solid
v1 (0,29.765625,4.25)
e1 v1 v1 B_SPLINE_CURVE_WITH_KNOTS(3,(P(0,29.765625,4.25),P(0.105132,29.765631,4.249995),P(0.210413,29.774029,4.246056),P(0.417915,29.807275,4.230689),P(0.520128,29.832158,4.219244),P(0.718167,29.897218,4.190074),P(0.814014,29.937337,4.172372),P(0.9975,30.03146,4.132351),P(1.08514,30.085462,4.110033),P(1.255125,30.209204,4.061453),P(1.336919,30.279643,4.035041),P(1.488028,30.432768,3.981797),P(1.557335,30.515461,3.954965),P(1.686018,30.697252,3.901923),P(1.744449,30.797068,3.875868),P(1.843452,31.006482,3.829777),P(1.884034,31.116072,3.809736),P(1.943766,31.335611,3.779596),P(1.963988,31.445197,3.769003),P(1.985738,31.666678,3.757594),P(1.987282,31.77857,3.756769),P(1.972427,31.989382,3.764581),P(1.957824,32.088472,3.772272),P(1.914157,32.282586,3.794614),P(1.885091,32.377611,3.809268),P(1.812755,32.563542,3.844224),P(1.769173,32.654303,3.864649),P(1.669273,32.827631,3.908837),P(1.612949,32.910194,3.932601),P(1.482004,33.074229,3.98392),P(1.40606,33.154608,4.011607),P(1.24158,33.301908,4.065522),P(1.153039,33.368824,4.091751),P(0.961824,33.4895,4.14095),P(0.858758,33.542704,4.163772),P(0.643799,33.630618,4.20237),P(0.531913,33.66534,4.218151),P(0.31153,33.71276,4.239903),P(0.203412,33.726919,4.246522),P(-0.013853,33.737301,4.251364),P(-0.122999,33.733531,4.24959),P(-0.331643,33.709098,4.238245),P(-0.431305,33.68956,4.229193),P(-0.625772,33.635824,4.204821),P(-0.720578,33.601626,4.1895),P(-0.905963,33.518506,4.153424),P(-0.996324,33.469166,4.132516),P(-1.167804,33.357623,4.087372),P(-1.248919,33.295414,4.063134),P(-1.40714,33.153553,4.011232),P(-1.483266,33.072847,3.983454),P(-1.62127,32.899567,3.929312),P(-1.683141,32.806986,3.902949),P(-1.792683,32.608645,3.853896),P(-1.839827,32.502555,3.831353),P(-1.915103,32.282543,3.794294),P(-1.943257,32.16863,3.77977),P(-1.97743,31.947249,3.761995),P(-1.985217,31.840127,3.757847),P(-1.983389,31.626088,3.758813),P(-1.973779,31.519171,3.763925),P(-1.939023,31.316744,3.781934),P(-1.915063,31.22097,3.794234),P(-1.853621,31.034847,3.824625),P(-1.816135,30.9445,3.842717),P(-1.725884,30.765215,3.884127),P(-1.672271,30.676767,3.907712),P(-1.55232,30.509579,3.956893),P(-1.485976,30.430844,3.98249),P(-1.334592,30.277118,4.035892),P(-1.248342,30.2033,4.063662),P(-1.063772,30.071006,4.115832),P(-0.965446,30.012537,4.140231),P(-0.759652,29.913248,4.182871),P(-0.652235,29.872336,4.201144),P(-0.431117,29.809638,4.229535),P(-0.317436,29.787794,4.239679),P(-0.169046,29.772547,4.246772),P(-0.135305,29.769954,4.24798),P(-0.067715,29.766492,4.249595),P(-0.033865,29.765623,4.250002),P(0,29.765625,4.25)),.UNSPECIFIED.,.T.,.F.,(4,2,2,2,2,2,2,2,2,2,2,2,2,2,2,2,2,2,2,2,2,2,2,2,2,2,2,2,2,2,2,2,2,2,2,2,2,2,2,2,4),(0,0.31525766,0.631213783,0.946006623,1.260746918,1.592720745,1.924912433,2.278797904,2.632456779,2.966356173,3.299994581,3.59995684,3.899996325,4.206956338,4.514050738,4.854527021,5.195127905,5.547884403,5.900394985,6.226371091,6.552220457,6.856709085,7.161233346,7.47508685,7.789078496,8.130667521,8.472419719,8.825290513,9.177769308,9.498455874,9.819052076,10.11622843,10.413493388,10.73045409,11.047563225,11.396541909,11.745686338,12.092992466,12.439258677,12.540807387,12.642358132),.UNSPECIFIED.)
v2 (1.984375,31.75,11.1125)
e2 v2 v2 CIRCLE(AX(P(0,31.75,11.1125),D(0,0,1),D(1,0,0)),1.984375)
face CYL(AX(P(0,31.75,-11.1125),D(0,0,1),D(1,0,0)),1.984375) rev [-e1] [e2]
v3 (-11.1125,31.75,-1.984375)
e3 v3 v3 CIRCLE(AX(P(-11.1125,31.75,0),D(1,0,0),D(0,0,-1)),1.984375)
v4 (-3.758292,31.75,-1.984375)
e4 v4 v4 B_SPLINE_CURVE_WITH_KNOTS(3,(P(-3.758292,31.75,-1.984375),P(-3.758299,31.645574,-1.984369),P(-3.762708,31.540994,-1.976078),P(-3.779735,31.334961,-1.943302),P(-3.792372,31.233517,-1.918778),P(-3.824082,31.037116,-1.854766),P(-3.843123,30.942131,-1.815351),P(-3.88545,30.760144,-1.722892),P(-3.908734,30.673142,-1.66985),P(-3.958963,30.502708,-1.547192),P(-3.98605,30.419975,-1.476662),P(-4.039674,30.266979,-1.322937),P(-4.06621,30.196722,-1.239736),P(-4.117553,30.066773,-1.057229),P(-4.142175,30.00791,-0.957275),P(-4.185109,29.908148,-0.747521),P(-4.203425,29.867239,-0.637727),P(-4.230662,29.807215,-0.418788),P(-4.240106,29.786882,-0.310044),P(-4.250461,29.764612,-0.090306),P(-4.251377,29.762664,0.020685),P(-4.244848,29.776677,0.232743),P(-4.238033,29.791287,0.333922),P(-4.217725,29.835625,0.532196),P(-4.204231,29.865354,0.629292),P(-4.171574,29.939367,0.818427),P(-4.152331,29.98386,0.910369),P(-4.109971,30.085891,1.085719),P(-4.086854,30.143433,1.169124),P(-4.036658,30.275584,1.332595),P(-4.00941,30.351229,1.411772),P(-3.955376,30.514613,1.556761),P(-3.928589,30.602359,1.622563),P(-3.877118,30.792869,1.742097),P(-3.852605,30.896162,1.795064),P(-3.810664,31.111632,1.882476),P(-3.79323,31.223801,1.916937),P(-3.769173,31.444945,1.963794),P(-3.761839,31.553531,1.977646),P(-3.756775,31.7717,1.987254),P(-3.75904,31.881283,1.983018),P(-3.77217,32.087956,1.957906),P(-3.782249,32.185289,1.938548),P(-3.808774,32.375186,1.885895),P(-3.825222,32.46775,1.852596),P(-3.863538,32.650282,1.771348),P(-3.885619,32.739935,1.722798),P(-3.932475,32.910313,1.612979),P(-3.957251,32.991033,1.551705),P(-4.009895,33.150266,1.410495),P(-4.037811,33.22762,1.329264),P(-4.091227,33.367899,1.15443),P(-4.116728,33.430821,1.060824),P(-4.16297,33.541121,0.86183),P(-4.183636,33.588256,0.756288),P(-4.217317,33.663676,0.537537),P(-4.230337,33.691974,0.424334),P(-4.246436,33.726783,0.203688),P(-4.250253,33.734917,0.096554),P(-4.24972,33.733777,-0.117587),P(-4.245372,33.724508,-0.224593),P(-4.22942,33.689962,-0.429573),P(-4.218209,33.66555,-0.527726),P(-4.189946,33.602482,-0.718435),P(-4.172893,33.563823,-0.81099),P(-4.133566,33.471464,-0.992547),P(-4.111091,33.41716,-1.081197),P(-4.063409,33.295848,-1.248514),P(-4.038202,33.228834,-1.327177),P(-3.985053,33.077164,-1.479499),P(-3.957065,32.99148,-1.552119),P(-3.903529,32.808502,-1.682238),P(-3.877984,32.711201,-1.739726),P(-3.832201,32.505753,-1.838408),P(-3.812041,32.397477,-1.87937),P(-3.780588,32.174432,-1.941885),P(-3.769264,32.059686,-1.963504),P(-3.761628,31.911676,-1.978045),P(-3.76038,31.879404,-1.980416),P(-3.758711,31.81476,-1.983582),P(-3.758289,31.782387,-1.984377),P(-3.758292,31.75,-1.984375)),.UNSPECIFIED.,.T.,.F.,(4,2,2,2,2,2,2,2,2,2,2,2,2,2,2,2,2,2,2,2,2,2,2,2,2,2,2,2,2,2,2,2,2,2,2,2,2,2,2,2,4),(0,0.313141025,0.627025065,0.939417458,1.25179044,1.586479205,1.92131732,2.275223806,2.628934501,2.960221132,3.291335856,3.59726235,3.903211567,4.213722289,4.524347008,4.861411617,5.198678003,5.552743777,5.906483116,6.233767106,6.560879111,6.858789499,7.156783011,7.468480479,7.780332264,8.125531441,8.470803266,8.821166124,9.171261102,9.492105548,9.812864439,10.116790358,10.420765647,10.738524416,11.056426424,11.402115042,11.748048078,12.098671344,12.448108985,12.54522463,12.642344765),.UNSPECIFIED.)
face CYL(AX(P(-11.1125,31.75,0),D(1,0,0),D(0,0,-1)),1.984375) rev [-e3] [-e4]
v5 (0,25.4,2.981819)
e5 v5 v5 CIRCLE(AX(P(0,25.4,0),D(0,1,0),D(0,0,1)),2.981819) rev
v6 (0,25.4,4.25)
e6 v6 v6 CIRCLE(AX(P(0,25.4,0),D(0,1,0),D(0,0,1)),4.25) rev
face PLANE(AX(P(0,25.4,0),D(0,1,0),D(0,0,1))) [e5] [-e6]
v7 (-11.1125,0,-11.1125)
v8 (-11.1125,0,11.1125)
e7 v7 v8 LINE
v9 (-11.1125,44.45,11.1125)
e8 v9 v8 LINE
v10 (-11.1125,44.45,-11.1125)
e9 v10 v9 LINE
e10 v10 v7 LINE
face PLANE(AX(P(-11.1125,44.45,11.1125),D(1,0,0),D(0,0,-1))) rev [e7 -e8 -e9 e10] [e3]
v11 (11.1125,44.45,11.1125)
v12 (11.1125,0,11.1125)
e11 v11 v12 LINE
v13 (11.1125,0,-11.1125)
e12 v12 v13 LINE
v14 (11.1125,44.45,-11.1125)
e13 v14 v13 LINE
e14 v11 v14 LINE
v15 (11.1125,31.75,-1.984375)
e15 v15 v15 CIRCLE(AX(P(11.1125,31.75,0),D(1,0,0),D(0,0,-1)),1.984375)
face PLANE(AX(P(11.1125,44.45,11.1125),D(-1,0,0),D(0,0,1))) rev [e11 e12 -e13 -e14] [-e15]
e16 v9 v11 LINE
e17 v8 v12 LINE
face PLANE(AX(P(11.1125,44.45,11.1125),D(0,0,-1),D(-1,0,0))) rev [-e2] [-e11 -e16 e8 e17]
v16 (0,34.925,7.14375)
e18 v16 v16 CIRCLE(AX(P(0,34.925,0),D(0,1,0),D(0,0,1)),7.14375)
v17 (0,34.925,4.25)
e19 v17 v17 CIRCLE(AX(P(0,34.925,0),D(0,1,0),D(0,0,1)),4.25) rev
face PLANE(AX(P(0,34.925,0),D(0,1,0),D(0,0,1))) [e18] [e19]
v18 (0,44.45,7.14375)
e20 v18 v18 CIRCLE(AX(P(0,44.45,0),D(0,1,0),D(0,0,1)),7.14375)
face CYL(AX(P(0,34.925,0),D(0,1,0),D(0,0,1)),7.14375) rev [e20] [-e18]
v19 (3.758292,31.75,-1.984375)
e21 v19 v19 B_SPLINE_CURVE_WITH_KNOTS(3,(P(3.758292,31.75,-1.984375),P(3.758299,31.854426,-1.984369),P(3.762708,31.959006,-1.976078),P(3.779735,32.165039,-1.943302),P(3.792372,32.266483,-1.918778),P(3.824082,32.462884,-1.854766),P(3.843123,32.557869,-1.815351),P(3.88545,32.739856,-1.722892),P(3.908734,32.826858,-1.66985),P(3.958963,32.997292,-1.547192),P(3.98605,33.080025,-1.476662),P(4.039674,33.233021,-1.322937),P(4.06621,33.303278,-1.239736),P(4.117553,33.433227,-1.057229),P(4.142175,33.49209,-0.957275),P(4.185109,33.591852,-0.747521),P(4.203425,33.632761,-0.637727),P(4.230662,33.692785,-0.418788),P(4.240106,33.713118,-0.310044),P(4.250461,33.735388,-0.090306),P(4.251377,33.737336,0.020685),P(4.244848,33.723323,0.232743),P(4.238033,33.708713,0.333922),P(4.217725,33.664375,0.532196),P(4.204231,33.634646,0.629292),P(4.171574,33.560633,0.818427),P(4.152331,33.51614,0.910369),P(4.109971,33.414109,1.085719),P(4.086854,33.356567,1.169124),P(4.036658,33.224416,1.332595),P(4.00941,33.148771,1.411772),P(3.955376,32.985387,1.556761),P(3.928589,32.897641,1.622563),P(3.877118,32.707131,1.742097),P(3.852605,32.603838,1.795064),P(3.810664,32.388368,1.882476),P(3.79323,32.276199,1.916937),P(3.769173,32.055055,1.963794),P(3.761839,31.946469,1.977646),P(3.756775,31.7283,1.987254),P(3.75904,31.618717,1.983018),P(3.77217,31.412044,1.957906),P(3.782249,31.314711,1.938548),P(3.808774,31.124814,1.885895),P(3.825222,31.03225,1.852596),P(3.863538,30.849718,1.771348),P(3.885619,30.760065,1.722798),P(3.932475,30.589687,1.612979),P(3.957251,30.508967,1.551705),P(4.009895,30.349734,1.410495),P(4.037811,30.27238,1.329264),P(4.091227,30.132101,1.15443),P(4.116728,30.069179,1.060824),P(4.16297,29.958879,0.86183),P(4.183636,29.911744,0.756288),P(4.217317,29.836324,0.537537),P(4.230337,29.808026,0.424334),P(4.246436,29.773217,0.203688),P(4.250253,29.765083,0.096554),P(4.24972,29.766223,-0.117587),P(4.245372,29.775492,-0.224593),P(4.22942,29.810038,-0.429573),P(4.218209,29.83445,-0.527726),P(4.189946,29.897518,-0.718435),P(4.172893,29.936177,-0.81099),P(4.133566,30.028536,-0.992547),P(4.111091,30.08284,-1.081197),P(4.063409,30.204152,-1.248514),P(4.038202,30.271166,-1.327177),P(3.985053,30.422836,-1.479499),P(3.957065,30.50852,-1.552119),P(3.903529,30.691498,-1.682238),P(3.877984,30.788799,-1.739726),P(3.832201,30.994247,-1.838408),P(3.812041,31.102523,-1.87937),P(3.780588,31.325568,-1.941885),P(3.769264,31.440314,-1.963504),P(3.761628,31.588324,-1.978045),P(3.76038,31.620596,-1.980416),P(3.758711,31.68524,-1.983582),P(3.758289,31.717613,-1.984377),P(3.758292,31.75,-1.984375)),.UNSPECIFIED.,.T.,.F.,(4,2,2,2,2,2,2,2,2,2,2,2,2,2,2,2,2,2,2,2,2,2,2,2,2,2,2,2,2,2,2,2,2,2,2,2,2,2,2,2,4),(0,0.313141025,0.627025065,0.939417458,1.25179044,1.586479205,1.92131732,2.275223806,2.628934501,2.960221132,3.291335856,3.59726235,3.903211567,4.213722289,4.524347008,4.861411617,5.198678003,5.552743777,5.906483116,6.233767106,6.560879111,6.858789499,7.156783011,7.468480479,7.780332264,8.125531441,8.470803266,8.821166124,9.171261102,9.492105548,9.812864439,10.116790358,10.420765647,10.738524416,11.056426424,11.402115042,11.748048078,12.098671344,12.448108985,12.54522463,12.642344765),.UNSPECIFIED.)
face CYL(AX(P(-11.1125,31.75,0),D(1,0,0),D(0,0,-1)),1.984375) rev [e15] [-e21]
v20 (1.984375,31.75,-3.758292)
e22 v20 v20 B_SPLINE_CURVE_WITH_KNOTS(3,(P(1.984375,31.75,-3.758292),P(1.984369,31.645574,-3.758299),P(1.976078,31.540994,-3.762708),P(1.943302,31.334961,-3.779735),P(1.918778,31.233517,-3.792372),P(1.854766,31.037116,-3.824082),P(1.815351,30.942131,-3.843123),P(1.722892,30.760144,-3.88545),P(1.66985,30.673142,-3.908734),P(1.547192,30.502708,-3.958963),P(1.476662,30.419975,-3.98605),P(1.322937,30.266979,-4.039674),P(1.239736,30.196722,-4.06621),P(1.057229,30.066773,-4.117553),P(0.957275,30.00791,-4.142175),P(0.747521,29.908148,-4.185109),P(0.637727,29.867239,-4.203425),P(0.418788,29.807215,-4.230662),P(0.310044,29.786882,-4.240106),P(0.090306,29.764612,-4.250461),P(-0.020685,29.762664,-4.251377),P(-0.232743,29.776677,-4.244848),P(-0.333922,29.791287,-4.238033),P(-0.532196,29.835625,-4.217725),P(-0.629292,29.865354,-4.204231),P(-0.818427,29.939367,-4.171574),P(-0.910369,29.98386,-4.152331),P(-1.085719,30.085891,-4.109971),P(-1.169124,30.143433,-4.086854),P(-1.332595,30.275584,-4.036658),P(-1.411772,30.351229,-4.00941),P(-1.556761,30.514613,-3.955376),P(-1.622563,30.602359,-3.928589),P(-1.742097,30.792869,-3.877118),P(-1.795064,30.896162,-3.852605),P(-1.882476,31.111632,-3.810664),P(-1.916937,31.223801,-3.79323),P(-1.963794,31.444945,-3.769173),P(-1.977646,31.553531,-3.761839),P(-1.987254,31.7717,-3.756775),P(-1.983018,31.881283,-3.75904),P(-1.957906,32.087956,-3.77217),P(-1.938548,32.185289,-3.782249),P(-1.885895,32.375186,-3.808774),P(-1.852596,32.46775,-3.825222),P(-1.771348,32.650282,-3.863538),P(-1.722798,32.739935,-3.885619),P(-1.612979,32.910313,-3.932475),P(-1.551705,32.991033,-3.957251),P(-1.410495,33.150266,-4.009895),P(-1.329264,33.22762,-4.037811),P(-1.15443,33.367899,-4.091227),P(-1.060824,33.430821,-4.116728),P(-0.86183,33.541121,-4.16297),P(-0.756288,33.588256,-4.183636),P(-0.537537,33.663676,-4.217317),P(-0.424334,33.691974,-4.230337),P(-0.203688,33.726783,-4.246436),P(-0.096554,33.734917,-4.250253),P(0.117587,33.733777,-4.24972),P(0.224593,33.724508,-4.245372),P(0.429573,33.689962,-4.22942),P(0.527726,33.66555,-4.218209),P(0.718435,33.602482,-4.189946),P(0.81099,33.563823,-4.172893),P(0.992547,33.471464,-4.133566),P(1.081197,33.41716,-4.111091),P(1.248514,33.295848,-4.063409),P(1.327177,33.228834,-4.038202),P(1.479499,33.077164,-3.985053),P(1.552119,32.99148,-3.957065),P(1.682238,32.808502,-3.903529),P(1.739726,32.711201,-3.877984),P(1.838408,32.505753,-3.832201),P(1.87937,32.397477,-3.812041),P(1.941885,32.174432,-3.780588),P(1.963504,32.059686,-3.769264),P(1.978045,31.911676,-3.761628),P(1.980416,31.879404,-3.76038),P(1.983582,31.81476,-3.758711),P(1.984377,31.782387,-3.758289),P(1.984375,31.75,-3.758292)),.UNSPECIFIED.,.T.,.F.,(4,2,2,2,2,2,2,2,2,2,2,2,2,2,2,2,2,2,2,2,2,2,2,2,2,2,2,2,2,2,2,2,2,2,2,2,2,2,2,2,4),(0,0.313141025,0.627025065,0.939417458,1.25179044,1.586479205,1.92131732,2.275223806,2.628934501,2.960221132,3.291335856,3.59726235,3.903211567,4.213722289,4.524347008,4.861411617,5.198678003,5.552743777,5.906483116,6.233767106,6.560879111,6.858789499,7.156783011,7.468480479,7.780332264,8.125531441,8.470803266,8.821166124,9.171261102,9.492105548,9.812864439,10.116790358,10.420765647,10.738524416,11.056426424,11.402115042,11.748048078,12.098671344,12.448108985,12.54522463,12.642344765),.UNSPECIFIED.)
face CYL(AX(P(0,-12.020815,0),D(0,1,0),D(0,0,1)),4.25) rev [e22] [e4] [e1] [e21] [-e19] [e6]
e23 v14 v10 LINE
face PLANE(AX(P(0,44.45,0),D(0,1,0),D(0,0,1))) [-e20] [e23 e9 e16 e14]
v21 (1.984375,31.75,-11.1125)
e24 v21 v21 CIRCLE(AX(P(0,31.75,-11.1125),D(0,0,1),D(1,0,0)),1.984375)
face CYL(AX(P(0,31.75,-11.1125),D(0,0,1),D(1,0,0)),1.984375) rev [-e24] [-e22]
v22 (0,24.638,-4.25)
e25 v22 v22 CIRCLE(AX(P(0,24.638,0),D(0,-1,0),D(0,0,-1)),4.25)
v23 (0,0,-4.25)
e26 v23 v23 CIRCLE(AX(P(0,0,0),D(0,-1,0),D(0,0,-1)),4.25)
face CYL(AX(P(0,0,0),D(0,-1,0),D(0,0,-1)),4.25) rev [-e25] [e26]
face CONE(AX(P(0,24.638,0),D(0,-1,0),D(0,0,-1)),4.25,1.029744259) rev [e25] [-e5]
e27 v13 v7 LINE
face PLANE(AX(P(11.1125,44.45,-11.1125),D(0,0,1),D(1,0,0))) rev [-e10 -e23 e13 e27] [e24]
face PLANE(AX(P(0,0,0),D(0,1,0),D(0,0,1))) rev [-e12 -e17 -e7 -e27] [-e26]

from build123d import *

# Parameters (mm, degrees)
SKETCH1_W                  = 22.225
SKETCH1_H                  = 22.225
BOSS_EXTRUDE1_DEPTH        = 44.45
M10X1_5_TAPPED_HOLE1_D     = 8.5
M10X1_5_TAPPED_HOLE1_DEPTH = 24.638
M10X1_5_TAPPED_HOLE1_TIP   = 2.553657631
SKETCH9_R                  = 4.25
CUT_EXTRUDE1_DEPTH         = 19.05
SKETCH10_R                 = 7.14375
CUT_EXTRUDE2_DEPTH         = 9.525
SKETCH11_R                 = 1.984375
CUT_EXTRUDE3_DEPTH         = 23.225
SKETCH12_R                 = 1.984375
CUT_EXTRUDE4_DEPTH         = 23.225


with BuildPart() as part:
    # Sketch1 → Boss-Extrude1 (new body)
    with BuildSketch(Plane(origin=(0, 0, 0), x_dir=(1, 0, 0), z_dir=(0, 1, 0))):
        Rectangle(SKETCH1_W, SKETCH1_H)
    extrude(amount=BOSS_EXTRUDE1_DEPTH)

    # M10x1.5 Tapped Hole1
    with Locations(Plane(origin=(0, 0, 0), x_dir=(-1, 0, 0), z_dir=(0, -1, 0))):
        with Locations((0, 0)):
            Hole(M10X1_5_TAPPED_HOLE1_D / 2, depth=M10X1_5_TAPPED_HOLE1_DEPTH)
            with Locations((0, 0, -(M10X1_5_TAPPED_HOLE1_DEPTH + M10X1_5_TAPPED_HOLE1_TIP / 2))):  # 118° drill point
                Cone(0, M10X1_5_TAPPED_HOLE1_D / 2, M10X1_5_TAPPED_HOLE1_TIP, mode=Mode.SUBTRACT)

    # Sketch9 → Cut-Extrude1 (cut)
    with BuildSketch(Plane(origin=(0, 44.45, 0), x_dir=(1, 0, 0), z_dir=(0, 1, 0))):
        Circle(SKETCH9_R)
    extrude(amount=-CUT_EXTRUDE1_DEPTH, mode=Mode.SUBTRACT)

    # Sketch10 → Cut-Extrude2 (cut)
    with BuildSketch(Plane(origin=(0, 44.45, 0), x_dir=(1, 0, 0), z_dir=(0, 1, 0))):
        Circle(SKETCH10_R)
    extrude(amount=-CUT_EXTRUDE2_DEPTH, mode=Mode.SUBTRACT)

    # Sketch11 → Cut-Extrude3 (cut, through all)
    with BuildSketch(Plane(origin=(11.1125, 0, 0), x_dir=(0, 0, -1), z_dir=(1, 0, 0))):
        with Locations((0, 31.75)):
            Circle(SKETCH11_R)
    extrude(amount=-CUT_EXTRUDE3_DEPTH, mode=Mode.SUBTRACT)

    # Sketch12 → Cut-Extrude4 (cut, through all)
    with BuildSketch(Plane.XY.offset(11.1125)):
        with Locations((0, 31.75)):
            Circle(SKETCH12_R)
    extrude(amount=-CUT_EXTRUDE4_DEPTH, mode=Mode.SUBTRACT)


solid = part.part
